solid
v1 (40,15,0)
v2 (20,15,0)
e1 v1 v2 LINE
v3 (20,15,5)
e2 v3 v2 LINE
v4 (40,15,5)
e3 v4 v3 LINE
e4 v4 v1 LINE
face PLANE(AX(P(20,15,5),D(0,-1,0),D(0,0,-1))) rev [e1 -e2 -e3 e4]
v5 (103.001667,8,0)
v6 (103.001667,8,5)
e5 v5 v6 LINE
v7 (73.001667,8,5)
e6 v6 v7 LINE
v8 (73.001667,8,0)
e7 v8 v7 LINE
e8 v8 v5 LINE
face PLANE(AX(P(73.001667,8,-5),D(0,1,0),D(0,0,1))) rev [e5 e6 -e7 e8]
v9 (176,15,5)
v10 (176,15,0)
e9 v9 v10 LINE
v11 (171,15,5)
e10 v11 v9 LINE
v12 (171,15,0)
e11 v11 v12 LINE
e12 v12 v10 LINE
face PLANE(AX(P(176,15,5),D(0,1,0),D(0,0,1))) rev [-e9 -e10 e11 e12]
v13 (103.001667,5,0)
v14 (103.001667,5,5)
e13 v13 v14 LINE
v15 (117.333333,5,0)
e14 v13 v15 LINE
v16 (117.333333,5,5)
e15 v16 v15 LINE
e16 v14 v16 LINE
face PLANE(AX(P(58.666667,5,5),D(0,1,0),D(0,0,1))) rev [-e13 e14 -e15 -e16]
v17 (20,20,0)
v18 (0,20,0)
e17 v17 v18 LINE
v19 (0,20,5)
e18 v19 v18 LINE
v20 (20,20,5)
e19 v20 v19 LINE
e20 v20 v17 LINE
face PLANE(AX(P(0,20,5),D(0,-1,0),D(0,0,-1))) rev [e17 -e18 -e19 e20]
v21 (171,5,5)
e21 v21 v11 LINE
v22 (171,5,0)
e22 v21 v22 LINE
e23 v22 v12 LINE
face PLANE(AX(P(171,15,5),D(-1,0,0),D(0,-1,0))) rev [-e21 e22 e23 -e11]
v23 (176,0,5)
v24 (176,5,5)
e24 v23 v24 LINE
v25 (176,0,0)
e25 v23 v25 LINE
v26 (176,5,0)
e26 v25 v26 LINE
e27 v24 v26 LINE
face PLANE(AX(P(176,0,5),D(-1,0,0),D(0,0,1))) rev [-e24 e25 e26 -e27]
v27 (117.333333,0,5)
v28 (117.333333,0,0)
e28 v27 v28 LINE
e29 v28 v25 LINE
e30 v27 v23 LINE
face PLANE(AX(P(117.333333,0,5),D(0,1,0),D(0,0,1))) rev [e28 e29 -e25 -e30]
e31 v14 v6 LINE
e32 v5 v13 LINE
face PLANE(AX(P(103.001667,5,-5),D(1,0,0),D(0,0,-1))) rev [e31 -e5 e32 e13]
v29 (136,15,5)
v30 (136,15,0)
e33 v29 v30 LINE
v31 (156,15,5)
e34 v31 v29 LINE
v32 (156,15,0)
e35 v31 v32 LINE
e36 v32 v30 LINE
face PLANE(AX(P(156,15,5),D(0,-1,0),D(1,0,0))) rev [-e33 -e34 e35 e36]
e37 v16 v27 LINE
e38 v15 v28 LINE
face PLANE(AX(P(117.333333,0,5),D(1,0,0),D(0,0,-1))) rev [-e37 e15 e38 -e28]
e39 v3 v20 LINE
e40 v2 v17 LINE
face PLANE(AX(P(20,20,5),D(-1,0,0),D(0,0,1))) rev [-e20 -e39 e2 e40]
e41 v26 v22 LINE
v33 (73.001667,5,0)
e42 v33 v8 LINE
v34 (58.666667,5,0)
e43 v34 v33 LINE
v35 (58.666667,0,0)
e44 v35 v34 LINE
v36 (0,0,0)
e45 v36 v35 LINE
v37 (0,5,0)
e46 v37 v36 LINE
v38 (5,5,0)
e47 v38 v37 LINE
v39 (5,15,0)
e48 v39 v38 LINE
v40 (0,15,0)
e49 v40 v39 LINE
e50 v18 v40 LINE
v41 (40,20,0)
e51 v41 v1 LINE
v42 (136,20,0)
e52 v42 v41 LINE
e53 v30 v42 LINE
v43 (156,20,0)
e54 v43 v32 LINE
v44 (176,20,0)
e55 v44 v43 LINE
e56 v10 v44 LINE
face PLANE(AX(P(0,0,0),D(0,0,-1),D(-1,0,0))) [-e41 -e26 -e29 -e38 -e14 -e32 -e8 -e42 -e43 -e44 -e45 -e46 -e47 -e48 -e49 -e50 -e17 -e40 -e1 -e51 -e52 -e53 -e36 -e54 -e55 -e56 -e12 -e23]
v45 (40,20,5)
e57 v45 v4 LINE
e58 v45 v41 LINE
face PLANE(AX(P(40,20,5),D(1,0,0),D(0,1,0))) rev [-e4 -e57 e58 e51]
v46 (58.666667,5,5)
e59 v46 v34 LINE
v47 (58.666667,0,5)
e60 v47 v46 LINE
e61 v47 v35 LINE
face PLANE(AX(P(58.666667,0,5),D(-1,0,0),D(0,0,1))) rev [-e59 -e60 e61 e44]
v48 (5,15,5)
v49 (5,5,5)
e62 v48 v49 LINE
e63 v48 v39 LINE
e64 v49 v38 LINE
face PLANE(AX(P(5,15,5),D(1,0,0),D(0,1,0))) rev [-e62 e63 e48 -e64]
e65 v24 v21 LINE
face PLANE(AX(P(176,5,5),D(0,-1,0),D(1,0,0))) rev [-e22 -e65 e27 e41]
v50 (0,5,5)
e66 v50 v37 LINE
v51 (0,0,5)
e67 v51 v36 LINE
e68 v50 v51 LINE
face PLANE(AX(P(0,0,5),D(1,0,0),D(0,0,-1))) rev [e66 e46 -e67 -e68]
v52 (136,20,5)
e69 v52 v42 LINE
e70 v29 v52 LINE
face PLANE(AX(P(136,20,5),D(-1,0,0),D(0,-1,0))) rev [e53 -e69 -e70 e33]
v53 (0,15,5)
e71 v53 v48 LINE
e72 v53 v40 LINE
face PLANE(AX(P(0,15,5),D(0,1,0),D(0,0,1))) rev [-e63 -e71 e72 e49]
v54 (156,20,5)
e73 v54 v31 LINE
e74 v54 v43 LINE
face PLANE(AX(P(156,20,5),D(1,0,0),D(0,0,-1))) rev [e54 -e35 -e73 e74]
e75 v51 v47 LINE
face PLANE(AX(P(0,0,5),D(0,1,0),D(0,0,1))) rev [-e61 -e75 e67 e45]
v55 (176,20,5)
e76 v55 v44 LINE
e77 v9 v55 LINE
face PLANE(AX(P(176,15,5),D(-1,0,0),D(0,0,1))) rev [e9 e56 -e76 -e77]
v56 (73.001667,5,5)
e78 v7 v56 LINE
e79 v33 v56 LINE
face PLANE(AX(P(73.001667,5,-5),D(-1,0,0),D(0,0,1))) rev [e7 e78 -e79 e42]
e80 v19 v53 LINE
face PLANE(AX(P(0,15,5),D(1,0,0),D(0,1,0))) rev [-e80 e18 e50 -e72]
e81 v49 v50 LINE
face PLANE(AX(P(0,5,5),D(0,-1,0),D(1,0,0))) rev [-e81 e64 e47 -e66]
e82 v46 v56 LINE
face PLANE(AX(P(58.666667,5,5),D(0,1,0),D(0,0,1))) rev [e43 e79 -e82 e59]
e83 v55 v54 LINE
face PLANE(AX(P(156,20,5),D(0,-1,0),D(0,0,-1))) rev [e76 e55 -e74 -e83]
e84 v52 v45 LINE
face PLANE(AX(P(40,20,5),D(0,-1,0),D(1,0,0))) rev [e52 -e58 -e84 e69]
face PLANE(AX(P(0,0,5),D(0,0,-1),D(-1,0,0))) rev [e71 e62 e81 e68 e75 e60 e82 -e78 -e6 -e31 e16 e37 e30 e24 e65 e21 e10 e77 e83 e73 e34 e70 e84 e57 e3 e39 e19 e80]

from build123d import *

# Parameters (mm, degrees)
SALIENTE_EXTRUIR1_DEPTH = 5
CROQUIS2_W              = 30
CROQUIS2_H              = 3
CORTAR_EXTRUIR1_DEPTH   = 10


with BuildPart() as part:
    # Croquis1 → Saliente-Extruir1 (new body)
    with BuildSketch(Plane.XY):
        Polygon((117.333333333, 0), (176, 0), (176, 5), (171, 5), (171, 15), (176, 15), (176, 20), (156, 20), (156, 15), (136, 15), (136, 20), (40, 20), (40, 15), (20, 15), (20, 20), (0, 20), (0, 15), (5, 15), (5, 5), (0, 5), (0, 0), (58.666666667, 0), (58.666666667, 5), (117.333333333, 5), align=None)
    extrude(amount=SALIENTE_EXTRUIR1_DEPTH)

    # Croquis2 → Cortar-Extruir1 (cut)
    with BuildSketch(Plane.XY.offset(5)):
        with Locations((88.001666667, 6.5)):
            Rectangle(CROQUIS2_W, CROQUIS2_H)
    extrude(amount=-CORTAR_EXTRUIR1_DEPTH, mode=Mode.SUBTRACT)


solid = part.part
